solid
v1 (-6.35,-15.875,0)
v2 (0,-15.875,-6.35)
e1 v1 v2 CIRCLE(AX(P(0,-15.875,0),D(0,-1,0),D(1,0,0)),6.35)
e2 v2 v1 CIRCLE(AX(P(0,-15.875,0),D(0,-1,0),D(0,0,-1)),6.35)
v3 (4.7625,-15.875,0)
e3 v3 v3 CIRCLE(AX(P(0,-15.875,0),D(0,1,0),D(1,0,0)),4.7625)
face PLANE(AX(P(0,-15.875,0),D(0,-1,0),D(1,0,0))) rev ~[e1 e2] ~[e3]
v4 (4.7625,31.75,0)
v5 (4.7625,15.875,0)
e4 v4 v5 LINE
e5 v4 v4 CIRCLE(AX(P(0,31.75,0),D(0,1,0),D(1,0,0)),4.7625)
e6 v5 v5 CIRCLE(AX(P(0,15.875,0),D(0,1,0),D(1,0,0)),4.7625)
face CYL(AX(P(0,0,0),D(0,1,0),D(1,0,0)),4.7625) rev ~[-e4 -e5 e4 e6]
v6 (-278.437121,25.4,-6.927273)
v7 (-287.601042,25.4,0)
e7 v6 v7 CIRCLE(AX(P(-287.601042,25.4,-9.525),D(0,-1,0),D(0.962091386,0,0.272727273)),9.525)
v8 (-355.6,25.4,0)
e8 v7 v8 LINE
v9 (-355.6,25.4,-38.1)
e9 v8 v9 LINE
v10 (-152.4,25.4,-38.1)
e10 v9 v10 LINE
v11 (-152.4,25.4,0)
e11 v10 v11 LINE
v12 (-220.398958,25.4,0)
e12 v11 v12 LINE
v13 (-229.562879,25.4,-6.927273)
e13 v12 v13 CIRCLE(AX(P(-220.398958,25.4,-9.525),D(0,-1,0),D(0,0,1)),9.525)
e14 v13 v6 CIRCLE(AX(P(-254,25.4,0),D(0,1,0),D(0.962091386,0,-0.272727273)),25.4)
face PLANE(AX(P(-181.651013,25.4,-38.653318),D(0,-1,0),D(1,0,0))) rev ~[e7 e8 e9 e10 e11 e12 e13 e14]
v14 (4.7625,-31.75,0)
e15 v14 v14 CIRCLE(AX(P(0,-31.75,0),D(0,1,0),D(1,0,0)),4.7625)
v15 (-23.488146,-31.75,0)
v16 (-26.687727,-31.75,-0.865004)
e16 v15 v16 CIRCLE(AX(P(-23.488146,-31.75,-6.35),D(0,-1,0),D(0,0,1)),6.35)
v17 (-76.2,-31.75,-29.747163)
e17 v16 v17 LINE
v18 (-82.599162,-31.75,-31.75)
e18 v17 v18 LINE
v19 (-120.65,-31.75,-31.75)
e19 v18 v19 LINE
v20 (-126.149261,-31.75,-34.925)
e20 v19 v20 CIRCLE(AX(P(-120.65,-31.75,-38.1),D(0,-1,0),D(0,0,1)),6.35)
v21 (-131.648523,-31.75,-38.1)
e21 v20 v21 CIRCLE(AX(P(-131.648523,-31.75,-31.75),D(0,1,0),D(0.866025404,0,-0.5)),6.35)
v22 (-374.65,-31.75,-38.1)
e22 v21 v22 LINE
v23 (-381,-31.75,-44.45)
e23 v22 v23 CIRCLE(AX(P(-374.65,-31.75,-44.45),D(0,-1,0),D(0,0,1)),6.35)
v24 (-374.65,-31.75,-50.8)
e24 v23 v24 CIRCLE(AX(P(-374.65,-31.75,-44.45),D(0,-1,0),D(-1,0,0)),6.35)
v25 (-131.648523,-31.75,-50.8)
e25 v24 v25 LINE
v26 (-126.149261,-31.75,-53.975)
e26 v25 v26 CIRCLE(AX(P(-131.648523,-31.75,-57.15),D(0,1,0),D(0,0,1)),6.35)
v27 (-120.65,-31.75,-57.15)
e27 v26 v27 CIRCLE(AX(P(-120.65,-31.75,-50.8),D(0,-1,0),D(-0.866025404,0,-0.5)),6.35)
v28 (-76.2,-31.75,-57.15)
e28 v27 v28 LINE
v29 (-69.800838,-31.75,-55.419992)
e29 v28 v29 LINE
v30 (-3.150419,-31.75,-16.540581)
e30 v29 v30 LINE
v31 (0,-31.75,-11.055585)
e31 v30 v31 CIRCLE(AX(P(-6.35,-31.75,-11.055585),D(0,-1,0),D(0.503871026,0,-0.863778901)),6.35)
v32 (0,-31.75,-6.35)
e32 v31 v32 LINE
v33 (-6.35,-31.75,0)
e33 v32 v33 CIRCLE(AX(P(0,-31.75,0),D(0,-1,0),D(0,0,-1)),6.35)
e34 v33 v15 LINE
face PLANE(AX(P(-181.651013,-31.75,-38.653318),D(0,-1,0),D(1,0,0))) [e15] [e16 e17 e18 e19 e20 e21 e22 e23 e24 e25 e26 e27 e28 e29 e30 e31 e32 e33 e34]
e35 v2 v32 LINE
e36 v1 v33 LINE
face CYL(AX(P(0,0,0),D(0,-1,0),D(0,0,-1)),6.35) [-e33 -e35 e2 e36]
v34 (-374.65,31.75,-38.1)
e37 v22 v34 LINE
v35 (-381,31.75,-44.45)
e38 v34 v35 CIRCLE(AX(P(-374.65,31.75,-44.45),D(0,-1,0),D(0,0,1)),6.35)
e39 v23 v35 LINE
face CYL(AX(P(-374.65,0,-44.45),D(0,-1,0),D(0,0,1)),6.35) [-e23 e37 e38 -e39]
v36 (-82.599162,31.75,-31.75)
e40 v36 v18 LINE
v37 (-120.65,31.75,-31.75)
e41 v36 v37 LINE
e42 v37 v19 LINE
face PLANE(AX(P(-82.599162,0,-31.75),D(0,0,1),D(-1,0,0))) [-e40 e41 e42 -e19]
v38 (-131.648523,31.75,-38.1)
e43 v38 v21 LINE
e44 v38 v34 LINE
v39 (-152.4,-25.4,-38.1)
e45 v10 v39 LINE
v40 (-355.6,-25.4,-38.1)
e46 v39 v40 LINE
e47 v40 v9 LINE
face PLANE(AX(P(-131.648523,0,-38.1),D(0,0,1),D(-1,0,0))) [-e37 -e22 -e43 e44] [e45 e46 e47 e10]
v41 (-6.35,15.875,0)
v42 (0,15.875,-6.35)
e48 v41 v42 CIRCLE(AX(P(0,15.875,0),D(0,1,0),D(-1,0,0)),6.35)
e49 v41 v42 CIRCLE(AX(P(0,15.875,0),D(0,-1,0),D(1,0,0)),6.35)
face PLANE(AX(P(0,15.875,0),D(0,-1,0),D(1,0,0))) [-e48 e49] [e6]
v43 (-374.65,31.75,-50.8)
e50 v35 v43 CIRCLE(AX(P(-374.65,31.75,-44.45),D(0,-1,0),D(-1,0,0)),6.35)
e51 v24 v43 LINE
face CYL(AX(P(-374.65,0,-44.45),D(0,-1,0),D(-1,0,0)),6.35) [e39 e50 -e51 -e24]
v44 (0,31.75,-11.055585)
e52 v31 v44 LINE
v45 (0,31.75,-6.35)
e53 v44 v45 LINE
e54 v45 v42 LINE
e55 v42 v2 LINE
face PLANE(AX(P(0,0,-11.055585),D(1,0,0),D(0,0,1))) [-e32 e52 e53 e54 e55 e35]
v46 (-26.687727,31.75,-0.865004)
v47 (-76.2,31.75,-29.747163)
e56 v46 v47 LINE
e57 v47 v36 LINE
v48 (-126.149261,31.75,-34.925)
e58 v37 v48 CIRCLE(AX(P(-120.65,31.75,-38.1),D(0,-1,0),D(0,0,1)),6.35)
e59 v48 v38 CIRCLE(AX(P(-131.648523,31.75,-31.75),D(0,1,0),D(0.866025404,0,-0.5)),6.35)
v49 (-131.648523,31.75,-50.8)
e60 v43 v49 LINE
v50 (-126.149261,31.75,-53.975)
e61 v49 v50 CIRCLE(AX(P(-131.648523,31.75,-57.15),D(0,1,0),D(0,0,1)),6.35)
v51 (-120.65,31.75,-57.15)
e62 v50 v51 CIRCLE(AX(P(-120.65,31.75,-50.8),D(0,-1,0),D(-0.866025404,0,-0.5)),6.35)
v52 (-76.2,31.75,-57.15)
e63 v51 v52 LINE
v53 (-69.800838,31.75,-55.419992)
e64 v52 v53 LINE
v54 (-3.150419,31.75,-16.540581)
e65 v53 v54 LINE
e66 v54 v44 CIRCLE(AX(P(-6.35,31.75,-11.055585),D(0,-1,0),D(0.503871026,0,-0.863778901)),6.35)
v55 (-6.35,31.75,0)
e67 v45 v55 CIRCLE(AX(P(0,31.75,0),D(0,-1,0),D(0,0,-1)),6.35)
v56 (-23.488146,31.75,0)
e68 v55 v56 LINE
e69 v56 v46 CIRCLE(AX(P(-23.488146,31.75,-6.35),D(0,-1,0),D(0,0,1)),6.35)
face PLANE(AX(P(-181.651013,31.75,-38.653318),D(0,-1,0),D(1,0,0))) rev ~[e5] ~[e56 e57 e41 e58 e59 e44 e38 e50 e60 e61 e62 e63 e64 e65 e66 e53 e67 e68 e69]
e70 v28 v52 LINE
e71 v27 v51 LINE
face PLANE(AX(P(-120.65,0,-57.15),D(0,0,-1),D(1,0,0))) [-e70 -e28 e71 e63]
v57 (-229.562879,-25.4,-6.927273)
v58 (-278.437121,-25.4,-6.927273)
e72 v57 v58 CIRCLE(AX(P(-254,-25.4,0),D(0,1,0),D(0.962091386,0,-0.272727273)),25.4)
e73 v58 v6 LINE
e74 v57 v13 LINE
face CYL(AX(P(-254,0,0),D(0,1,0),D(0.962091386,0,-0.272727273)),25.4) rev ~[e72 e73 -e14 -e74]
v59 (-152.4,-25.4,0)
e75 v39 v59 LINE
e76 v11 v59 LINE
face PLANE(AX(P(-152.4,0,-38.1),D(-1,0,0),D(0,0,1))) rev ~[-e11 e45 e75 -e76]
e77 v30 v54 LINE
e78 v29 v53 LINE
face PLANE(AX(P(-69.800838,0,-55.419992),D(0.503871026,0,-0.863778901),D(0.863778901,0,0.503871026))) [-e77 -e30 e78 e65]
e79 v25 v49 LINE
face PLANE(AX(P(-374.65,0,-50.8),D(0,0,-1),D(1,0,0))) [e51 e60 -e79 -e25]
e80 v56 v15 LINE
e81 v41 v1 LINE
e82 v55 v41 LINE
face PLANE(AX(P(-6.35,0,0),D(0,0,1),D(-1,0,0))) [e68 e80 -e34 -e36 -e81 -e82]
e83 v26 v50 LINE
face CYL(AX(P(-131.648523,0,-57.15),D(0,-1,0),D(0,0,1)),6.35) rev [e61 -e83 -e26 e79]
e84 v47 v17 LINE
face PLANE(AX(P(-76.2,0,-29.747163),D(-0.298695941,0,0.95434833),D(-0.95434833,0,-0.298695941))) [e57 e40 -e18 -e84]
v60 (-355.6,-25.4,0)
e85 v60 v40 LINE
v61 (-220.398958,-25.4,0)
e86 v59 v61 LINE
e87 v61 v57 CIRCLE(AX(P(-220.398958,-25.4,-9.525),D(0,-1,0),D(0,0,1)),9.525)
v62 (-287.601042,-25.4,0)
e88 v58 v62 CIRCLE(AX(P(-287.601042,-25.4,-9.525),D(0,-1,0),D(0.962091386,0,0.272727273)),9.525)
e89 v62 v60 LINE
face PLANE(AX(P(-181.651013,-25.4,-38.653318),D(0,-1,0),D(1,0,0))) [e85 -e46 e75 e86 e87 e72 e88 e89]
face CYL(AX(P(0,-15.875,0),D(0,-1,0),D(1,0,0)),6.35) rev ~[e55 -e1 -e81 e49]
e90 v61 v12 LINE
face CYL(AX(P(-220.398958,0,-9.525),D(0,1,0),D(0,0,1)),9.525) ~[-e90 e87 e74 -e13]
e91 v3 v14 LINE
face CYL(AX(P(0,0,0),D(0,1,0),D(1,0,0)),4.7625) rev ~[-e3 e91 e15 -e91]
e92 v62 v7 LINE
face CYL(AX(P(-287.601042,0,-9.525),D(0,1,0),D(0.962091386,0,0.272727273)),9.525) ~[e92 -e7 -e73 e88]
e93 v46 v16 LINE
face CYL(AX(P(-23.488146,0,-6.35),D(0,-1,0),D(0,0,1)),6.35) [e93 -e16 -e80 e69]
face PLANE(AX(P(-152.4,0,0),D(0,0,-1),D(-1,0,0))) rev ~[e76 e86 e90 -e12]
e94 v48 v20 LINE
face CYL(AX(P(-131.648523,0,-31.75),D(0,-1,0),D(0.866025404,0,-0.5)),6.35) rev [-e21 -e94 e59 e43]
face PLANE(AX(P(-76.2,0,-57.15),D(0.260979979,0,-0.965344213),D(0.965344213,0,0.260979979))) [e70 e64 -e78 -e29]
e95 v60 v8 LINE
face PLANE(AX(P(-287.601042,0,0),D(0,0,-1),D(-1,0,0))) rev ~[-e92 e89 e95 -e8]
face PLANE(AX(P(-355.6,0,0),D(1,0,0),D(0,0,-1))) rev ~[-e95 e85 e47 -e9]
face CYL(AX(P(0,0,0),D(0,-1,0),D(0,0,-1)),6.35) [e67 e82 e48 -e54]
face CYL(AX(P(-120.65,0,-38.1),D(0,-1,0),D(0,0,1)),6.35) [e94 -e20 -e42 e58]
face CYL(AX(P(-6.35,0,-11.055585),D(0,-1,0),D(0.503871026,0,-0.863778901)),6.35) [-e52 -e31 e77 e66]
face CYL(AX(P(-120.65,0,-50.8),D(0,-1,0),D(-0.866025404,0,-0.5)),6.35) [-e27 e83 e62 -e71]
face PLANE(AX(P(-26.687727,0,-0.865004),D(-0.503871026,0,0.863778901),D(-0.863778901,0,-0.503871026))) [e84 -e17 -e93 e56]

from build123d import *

# Parameters (mm, degrees)
F1_DEPTH      = 31.75
F1_DEPTH_BACK = 31.75
F2_DEPTH      = 25.4
F2_DEPTH_BACK = 25.4
F4_R          = 6.35
F5_DEPTH      = 31.75


with BuildPart() as f1:
    # F0 (on Front) → F1 (new body, two sides)
    with BuildSketch(Plane.XZ) as f1_sk:
        with BuildLine():
            Line((0, -11.0555849444), (0, -6.35))
            ThreePointArc((0, -6.35), (4.4901280605, 4.4901280605), (-6.35, 0))
            Line((-6.35, 0), (-23.488145619, 0))
            ThreePointArc((-23.488145619, 0), (-25.145368487, -0.2200642446), (-26.6877266311, -0.8650039793))
            Line((-26.6877266311, -0.8650039793), (-76.2, -29.7471634445))
            Line((-76.2, -29.7471634445), (-82.5991620242, -31.75))
            Line((-82.5991620242, -31.75), (-120.65, -31.75))
            ThreePointArc((-120.65, -31.75), (-123.825, -32.600738686), (-126.149261314, -34.925))
            ThreePointArc((-126.149261314, -34.925), (-128.4735226281, -37.249261314), (-131.6485226281, -38.1))
            Line((-131.6485226281, -38.1), (-152.4, -38.1))
            Line((-152.4, -38.1), (-355.6, -38.1))
            Line((-355.6, -38.1), (-374.65, -38.1))
            ThreePointArc((-374.65, -38.1), (-379.1401280605, -39.9598719395), (-381, -44.45))
            ThreePointArc((-381, -44.45), (-379.1401280605, -48.9401280605), (-374.65, -50.8))
            Line((-374.65, -50.8), (-131.6485226281, -50.8))
            ThreePointArc((-131.6485226281, -50.8), (-128.4735226281, -51.650738686), (-126.149261314, -53.975))
            ThreePointArc((-126.149261314, -53.975), (-123.825, -56.299261314), (-120.65, -57.15))
            Line((-120.65, -57.15), (-76.2, -57.15))
            Line((-76.2, -57.15), (-69.8008379758, -55.4199920414))
            Line((-69.8008379758, -55.4199920414), (-3.1504189879, -16.5405809651))
            ThreePointArc((-3.1504189879, -16.5405809651), (-0.8436473312, -14.2182705574), (0, -11.0555849444))
        make_face()
        with BuildLine():
            ThreePointArc((-4.7625, 0), (0, 4.7625), (4.7625, 0))
            ThreePointArc((4.7625, 0), (0, -4.7625), (-4.7625, 0))
        make_face(mode=Mode.SUBTRACT)
    extrude(amount=F1_DEPTH)
    extrude(f1_sk.sketch, amount=-F1_DEPTH_BACK)

    # F0 (on Front) → F2 (join, two sides)
    with BuildSketch(Plane.XZ) as f2_sk:
        with BuildLine():
            Line((0, -11.0555849444), (0, -6.35))
            ThreePointArc((0, -6.35), (4.4901280605, 4.4901280605), (-6.35, 0))
            Line((-6.35, 0), (-23.488145619, 0))
            ThreePointArc((-23.488145619, 0), (-25.145368487, -0.2200642446), (-26.6877266311, -0.8650039793))
            Line((-26.6877266311, -0.8650039793), (-76.2, -29.7471634445))
            Line((-76.2, -29.7471634445), (-82.5991620242, -31.75))
            Line((-82.5991620242, -31.75), (-120.65, -31.75))
            ThreePointArc((-120.65, -31.75), (-123.825, -32.600738686), (-126.149261314, -34.925))
            ThreePointArc((-126.149261314, -34.925), (-128.4735226281, -37.249261314), (-131.6485226281, -38.1))
            Line((-131.6485226281, -38.1), (-152.4, -38.1))
            Line((-152.4, -38.1), (-355.6, -38.1))
            Line((-355.6, -38.1), (-374.65, -38.1))
            ThreePointArc((-374.65, -38.1), (-379.1401280605, -39.9598719395), (-381, -44.45))
            ThreePointArc((-381, -44.45), (-379.1401280605, -48.9401280605), (-374.65, -50.8))
            Line((-374.65, -50.8), (-131.6485226281, -50.8))
            ThreePointArc((-131.6485226281, -50.8), (-128.4735226281, -51.650738686), (-126.149261314, -53.975))
            ThreePointArc((-126.149261314, -53.975), (-123.825, -56.299261314), (-120.65, -57.15))
            Line((-120.65, -57.15), (-76.2, -57.15))
            Line((-76.2, -57.15), (-69.8008379758, -55.4199920414))
            Line((-69.8008379758, -55.4199920414), (-3.1504189879, -16.5405809651))
            ThreePointArc((-3.1504189879, -16.5405809651), (-0.8436473312, -14.2182705574), (0, -11.0555849444))
        make_face()
        with BuildLine():
            ThreePointArc((-4.7625, 0), (0, 4.7625), (4.7625, 0))
            ThreePointArc((4.7625, 0), (0, -4.7625), (-4.7625, 0))
        make_face(mode=Mode.SUBTRACT)
        with BuildLine():
            Line((-355.6, -38.1), (-152.4, -38.1))
            Line((-152.4, -38.1), (-152.4, 0))
            Line((-152.4, 0), (-220.3989583495, 0))
            ThreePointArc((-220.3989583495, 0), (-226.1427494637, -1.9266785646), (-229.5628787996, -6.9272727273))
            ThreePointArc((-229.5628787996, -6.9272727273), (-254, -25.4), (-278.4371212004, -6.9272727273))
            ThreePointArc((-278.4371212004, -6.9272727273), (-281.8572505363, -1.9266785646), (-287.6010416505, 0))
            Line((-287.6010416505, 0), (-355.6, 0))
            Line((-355.6, 0), (-355.6, -38.1))
        make_face()
    extrude(amount=F2_DEPTH)
    extrude(f2_sk.sketch, amount=-F2_DEPTH_BACK)

    # F4 (on offset) → F5 (cut)
    with BuildSketch(Plane.XZ.offset(15.875)):
        Circle(F4_R)
    extrude(amount=-F5_DEPTH, mode=Mode.SUBTRACT)


solid = f1.part
